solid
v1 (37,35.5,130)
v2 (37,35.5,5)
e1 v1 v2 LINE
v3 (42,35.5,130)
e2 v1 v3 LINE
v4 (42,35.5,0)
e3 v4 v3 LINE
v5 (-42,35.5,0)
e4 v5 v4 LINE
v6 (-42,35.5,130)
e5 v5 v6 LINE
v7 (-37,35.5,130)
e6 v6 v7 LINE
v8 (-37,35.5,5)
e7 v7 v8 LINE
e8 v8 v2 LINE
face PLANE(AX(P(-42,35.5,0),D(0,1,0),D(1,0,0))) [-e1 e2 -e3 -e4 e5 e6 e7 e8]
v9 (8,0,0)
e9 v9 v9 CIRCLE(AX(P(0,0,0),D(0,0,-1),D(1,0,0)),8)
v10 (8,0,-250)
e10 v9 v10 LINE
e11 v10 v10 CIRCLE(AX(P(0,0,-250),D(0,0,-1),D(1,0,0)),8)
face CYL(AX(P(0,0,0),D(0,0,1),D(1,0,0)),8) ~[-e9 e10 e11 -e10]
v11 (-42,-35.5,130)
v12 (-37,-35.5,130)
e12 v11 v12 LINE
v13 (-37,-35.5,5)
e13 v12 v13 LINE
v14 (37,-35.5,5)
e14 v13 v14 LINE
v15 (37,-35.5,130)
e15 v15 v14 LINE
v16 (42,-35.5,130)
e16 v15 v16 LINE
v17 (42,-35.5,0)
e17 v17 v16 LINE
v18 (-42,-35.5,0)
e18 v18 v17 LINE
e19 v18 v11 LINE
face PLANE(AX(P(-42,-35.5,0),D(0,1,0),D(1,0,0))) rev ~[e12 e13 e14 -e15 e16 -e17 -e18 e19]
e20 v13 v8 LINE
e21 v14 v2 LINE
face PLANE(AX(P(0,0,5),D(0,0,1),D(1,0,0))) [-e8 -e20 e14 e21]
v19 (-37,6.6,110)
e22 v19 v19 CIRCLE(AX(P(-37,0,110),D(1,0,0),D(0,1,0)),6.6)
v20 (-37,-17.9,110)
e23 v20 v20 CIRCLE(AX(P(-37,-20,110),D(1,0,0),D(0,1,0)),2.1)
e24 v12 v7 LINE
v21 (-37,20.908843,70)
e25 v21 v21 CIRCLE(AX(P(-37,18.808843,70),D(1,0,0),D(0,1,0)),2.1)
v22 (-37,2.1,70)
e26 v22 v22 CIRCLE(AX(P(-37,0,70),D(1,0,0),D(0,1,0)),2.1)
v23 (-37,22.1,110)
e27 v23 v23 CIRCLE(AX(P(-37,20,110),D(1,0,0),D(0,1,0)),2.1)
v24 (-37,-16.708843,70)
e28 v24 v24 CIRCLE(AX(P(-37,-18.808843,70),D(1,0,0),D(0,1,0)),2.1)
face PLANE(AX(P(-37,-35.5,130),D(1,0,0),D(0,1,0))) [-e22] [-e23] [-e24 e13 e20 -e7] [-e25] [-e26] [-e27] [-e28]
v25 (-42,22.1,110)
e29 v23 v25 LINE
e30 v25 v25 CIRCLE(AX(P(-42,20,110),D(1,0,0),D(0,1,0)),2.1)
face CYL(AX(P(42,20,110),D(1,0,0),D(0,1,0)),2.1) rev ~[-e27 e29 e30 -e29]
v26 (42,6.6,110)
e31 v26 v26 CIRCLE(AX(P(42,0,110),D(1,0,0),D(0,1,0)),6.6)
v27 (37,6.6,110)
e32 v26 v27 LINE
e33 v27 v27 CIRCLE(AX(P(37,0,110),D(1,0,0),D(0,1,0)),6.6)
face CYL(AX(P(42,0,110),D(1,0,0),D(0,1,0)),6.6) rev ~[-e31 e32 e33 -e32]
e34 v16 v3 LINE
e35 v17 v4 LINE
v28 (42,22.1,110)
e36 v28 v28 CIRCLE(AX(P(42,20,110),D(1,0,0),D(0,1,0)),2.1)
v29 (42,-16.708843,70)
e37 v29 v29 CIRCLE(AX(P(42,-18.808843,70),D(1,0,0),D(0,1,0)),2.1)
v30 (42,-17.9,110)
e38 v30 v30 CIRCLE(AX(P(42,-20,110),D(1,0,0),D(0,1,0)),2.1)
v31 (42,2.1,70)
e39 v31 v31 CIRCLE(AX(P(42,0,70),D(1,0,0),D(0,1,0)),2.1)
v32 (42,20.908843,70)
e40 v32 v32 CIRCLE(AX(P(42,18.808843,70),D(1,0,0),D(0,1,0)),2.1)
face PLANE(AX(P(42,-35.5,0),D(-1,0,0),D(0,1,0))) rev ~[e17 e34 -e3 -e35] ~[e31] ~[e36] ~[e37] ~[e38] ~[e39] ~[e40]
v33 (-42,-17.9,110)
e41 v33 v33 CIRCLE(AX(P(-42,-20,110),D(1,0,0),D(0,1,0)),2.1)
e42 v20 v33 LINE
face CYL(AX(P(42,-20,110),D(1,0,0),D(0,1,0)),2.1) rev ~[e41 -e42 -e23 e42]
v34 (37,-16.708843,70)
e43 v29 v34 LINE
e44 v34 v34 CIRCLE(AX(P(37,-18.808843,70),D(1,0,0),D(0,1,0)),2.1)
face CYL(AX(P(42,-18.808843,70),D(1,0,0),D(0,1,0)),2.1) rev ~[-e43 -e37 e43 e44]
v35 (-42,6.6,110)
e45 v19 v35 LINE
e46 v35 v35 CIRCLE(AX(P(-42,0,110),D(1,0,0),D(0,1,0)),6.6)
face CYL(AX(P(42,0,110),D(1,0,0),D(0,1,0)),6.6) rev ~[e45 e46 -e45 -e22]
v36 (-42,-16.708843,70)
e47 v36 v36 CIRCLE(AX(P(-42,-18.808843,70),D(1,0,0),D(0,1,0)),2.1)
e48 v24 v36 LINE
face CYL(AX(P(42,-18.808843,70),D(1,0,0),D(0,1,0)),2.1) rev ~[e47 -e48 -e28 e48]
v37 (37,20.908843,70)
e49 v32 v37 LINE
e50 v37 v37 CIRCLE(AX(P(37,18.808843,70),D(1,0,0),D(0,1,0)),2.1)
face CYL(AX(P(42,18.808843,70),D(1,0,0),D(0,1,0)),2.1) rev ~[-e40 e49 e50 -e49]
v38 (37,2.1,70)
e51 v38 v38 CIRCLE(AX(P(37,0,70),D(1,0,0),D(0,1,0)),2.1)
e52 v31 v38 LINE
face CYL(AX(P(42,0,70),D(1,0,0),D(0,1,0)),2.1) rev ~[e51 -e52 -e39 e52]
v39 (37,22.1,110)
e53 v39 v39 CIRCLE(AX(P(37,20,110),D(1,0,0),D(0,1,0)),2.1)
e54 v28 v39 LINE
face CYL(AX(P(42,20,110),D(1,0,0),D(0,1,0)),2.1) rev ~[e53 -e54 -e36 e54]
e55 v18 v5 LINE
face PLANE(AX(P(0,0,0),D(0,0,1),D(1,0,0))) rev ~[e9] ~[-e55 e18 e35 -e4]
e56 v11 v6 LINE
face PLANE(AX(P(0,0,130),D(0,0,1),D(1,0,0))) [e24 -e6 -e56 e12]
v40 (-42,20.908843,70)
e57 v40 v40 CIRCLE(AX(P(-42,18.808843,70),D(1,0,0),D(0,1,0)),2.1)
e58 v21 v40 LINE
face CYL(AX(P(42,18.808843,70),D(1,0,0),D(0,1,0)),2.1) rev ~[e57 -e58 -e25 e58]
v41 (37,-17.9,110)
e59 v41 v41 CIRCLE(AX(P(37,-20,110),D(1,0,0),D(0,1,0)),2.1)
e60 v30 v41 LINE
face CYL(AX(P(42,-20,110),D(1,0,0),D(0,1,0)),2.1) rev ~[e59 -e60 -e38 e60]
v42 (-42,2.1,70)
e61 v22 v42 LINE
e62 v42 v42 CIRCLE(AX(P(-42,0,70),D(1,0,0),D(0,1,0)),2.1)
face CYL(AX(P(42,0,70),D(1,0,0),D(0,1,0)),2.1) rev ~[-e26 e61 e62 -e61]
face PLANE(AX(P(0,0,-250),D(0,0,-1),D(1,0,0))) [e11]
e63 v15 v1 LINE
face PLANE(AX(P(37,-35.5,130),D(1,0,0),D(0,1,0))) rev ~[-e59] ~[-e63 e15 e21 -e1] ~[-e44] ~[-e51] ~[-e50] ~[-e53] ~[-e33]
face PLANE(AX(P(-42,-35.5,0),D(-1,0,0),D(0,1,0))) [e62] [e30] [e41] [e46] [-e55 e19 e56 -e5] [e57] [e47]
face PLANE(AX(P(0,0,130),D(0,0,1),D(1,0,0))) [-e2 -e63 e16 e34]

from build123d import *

# Parameters (mm, degrees)
SKETCH_W        = 84
SKETCH_H        = 71
PAD_DEPTH       = 130
SKETCH001_W     = 74
SKETCH001_H     = 71
POCKET_DEPTH    = 125
SKETCH002_R     = 8
PAD001_DEPTH    = 250
SKETCH003_R     = 2.1
SKETCH003_R_2   = 6.6
POCKET001_DEPTH = 84.001


with BuildPart() as part:
    # Sketch → Pad (new body)
    with BuildSketch(Plane.XY):
        Rectangle(SKETCH_W, SKETCH_H)
    extrude(amount=PAD_DEPTH)

    # Sketch001 → Pocket (cut)
    with BuildSketch(Plane.XY.offset(130)):
        Rectangle(SKETCH001_W, SKETCH001_H)
    extrude(amount=-POCKET_DEPTH, mode=Mode.SUBTRACT)

    # Sketch002 → Pad001 (new body)
    with BuildSketch(Plane(origin=(0, 0, 0), x_dir=(1, 0, 0), z_dir=(0, 0, -1))):
        Circle(SKETCH002_R)
    extrude(amount=PAD001_DEPTH)

    # Sketch003 → Pocket001 (cut, through all)
    with BuildSketch(Plane.YZ.offset(42)):
        with Locations((-20, 110)):
            Circle(SKETCH003_R)
        with Locations((20, 110)):
            Circle(SKETCH003_R)
        with Locations((0, 110)):
            Circle(SKETCH003_R_2)
        with Locations((0, 70)):
            Circle(SKETCH003_R)
        with Locations((-18.808843, 70)):
            Circle(SKETCH003_R)
        with Locations((18.808843, 70)):
            Circle(SKETCH003_R)
    extrude(amount=-POCKET001_DEPTH, mode=Mode.SUBTRACT)


solid = part.part
